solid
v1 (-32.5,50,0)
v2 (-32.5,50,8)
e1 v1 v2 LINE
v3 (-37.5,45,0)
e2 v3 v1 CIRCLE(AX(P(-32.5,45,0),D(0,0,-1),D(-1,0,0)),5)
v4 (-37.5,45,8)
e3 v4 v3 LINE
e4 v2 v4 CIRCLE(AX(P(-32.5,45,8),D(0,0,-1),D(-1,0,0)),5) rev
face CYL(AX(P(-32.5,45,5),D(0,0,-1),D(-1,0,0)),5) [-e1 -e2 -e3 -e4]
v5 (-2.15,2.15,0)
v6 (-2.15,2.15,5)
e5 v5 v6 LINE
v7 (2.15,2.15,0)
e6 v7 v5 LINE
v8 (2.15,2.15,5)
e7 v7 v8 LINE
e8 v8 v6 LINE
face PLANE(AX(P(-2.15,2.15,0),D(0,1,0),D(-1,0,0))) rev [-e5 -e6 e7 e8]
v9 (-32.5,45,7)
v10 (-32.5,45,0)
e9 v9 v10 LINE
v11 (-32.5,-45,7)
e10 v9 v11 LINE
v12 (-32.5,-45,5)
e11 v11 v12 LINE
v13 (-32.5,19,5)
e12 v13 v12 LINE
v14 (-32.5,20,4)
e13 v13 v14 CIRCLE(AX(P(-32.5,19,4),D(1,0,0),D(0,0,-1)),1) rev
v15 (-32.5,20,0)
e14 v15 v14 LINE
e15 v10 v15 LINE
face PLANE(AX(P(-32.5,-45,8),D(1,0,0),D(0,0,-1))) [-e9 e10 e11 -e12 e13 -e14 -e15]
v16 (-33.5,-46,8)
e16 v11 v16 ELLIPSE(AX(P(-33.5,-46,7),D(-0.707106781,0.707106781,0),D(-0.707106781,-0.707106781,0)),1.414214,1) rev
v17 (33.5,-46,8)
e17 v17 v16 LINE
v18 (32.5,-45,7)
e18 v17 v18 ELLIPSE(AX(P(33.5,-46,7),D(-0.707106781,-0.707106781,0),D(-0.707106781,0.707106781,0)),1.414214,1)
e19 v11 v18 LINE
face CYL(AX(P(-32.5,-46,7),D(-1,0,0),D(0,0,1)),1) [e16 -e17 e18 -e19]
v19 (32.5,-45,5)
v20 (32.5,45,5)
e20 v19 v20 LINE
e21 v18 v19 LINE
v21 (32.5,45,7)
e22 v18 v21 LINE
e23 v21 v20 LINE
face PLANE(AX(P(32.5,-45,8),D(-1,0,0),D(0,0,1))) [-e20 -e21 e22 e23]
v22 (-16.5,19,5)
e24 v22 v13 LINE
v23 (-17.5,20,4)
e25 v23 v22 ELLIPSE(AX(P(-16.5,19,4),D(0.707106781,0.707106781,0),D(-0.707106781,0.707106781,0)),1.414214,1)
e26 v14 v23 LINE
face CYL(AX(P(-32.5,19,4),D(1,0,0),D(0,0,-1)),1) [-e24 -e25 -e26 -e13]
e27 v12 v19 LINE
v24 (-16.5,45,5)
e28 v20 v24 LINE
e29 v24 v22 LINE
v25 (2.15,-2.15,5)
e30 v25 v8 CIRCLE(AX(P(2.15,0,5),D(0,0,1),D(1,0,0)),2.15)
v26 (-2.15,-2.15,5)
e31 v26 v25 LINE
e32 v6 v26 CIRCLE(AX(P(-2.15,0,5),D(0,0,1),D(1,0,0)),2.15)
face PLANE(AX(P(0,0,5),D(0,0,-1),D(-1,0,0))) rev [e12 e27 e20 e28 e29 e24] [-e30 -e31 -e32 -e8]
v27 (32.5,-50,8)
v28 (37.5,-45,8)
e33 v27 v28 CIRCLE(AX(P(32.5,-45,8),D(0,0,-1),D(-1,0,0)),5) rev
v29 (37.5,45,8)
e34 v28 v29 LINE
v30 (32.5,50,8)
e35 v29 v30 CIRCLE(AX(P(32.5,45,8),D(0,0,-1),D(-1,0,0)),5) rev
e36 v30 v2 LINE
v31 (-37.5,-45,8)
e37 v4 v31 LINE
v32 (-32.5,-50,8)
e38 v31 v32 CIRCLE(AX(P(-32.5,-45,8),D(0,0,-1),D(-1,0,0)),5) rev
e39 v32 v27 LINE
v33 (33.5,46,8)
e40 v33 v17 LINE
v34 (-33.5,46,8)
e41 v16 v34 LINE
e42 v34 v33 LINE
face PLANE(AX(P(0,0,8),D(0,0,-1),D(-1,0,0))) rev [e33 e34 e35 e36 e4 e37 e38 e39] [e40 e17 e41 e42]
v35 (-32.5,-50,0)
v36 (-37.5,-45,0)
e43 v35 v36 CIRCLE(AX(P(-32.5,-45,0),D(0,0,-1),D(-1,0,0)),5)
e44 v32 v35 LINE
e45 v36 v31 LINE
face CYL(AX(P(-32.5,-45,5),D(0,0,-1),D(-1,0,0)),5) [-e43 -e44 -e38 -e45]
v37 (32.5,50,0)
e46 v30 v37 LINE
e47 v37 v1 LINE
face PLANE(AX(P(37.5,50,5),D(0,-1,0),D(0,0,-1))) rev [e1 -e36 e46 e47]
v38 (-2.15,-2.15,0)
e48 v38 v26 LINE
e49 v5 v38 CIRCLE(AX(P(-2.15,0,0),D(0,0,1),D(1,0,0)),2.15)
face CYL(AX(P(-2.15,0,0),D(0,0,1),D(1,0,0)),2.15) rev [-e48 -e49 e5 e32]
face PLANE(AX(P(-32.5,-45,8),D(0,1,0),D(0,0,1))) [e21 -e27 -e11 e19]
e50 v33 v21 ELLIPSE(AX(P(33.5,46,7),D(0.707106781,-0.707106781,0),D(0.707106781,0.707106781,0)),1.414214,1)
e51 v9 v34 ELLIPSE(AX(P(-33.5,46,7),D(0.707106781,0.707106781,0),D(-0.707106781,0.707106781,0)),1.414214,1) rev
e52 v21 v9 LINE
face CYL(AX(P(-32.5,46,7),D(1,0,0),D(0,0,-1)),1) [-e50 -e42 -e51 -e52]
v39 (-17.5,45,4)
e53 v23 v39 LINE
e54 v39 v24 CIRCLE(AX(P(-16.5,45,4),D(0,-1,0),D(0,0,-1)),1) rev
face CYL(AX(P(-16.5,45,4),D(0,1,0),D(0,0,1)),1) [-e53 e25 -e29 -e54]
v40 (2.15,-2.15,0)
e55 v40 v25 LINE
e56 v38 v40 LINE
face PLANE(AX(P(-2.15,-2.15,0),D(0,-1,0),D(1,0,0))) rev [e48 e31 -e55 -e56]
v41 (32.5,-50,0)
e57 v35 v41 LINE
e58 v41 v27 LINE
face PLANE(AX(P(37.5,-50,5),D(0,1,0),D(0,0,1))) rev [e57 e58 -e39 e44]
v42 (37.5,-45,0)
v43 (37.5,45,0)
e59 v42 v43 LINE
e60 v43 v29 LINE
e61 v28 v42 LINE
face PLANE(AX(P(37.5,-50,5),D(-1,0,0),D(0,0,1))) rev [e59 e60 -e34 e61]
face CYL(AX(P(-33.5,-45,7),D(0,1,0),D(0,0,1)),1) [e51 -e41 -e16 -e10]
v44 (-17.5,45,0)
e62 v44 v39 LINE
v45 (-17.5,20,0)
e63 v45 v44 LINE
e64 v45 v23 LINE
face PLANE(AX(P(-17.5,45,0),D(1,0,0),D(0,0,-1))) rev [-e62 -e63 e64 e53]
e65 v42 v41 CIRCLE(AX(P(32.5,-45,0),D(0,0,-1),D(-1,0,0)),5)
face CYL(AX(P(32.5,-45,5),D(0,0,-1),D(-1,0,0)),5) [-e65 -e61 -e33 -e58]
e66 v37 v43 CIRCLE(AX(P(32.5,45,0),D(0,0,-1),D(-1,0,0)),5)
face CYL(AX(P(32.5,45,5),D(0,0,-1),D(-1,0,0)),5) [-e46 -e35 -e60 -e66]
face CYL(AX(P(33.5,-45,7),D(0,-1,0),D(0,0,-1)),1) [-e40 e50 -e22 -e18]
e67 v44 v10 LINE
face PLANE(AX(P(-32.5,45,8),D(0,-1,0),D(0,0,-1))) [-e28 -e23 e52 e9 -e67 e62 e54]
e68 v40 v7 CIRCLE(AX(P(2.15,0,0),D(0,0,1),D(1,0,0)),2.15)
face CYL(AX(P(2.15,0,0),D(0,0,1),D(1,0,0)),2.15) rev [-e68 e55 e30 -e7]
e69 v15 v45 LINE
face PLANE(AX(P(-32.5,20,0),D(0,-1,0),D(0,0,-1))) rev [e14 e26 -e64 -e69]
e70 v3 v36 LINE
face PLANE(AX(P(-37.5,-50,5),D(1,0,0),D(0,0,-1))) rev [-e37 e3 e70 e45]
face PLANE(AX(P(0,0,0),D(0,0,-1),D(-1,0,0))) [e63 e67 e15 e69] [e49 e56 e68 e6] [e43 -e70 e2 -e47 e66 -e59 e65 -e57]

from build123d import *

# Parameters (mm, degrees)
SKETCH1_W           = 100
SKETCH1_H           = 75
BOSS_EXTRUDE1_DEPTH = 5
SKETCH2_W           = 75
SKETCH2_H           = 100
SKETCH2_W_2         = 65
SKETCH2_H_2         = 90
BOSS_EXTRUDE2_DEPTH = 3
SKETCH3_W           = 15
SKETCH3_H           = 25
CUT_EXTRUDE1_DEPTH  = 63.69968102
FILLET1_R           = 5
FILLET2_R           = 1


with BuildPart() as part:
    # Sketch1 → Boss-Extrude1 (new body)
    with BuildSketch(Plane(origin=(0, 0, 0), x_dir=(0, 1, 0), z_dir=(0, 0, 1))):
        Rectangle(SKETCH1_W, SKETCH1_H)
    extrude(amount=BOSS_EXTRUDE1_DEPTH)

    # Sketch2 → Boss-Extrude2 (add)
    with BuildSketch(Plane.XY.offset(5)):
        Rectangle(SKETCH2_W, SKETCH2_H)
        Rectangle(SKETCH2_W_2, SKETCH2_H_2, mode=Mode.SUBTRACT)
    extrude(amount=BOSS_EXTRUDE2_DEPTH)

    # Sketch3 → Cut-Extrude1 (cut, through all)
    with BuildSketch(Plane.XY.offset(5)):
        with Locations((-25, 32.5)):
            Rectangle(SKETCH3_W, SKETCH3_H)
        with BuildLine():
            Line((-2.15, 2.15), (2.15, 2.15))
            ThreePointArc((2.15, 2.15), (4.3, 0), (2.15, -2.15))
            Line((2.15, -2.15), (-2.15, -2.15))
            ThreePointArc((-2.15, -2.15), (-4.3, 0), (-2.15, 2.15))
        make_face()
    extrude(amount=-CUT_EXTRUDE1_DEPTH, mode=Mode.SUBTRACT)

    # Fillet1
    fillet1_edges = [part.edges().sort_by_distance(p)[0] for p in [
        (37.5, 50, 4),
        (37.5, -50, 4),
        (-37.5, -50, 4),
        (-37.5, 50, 4),
    ]]
    fillet(fillet1_edges, radius=FILLET1_R)

    # Fillet2
    fillet2_edges = [part.edges().sort_by_distance(p)[0] for p in [
        (32.5, 0, 8),
        (0, 45, 8),
        (-32.5, 0, 8),
        (0, -45, 8),
        (-25, 20, 5),
        (-17.5, 32.5, 5),
    ]]
    fillet(fillet2_edges, radius=FILLET2_R)


solid = part.part
